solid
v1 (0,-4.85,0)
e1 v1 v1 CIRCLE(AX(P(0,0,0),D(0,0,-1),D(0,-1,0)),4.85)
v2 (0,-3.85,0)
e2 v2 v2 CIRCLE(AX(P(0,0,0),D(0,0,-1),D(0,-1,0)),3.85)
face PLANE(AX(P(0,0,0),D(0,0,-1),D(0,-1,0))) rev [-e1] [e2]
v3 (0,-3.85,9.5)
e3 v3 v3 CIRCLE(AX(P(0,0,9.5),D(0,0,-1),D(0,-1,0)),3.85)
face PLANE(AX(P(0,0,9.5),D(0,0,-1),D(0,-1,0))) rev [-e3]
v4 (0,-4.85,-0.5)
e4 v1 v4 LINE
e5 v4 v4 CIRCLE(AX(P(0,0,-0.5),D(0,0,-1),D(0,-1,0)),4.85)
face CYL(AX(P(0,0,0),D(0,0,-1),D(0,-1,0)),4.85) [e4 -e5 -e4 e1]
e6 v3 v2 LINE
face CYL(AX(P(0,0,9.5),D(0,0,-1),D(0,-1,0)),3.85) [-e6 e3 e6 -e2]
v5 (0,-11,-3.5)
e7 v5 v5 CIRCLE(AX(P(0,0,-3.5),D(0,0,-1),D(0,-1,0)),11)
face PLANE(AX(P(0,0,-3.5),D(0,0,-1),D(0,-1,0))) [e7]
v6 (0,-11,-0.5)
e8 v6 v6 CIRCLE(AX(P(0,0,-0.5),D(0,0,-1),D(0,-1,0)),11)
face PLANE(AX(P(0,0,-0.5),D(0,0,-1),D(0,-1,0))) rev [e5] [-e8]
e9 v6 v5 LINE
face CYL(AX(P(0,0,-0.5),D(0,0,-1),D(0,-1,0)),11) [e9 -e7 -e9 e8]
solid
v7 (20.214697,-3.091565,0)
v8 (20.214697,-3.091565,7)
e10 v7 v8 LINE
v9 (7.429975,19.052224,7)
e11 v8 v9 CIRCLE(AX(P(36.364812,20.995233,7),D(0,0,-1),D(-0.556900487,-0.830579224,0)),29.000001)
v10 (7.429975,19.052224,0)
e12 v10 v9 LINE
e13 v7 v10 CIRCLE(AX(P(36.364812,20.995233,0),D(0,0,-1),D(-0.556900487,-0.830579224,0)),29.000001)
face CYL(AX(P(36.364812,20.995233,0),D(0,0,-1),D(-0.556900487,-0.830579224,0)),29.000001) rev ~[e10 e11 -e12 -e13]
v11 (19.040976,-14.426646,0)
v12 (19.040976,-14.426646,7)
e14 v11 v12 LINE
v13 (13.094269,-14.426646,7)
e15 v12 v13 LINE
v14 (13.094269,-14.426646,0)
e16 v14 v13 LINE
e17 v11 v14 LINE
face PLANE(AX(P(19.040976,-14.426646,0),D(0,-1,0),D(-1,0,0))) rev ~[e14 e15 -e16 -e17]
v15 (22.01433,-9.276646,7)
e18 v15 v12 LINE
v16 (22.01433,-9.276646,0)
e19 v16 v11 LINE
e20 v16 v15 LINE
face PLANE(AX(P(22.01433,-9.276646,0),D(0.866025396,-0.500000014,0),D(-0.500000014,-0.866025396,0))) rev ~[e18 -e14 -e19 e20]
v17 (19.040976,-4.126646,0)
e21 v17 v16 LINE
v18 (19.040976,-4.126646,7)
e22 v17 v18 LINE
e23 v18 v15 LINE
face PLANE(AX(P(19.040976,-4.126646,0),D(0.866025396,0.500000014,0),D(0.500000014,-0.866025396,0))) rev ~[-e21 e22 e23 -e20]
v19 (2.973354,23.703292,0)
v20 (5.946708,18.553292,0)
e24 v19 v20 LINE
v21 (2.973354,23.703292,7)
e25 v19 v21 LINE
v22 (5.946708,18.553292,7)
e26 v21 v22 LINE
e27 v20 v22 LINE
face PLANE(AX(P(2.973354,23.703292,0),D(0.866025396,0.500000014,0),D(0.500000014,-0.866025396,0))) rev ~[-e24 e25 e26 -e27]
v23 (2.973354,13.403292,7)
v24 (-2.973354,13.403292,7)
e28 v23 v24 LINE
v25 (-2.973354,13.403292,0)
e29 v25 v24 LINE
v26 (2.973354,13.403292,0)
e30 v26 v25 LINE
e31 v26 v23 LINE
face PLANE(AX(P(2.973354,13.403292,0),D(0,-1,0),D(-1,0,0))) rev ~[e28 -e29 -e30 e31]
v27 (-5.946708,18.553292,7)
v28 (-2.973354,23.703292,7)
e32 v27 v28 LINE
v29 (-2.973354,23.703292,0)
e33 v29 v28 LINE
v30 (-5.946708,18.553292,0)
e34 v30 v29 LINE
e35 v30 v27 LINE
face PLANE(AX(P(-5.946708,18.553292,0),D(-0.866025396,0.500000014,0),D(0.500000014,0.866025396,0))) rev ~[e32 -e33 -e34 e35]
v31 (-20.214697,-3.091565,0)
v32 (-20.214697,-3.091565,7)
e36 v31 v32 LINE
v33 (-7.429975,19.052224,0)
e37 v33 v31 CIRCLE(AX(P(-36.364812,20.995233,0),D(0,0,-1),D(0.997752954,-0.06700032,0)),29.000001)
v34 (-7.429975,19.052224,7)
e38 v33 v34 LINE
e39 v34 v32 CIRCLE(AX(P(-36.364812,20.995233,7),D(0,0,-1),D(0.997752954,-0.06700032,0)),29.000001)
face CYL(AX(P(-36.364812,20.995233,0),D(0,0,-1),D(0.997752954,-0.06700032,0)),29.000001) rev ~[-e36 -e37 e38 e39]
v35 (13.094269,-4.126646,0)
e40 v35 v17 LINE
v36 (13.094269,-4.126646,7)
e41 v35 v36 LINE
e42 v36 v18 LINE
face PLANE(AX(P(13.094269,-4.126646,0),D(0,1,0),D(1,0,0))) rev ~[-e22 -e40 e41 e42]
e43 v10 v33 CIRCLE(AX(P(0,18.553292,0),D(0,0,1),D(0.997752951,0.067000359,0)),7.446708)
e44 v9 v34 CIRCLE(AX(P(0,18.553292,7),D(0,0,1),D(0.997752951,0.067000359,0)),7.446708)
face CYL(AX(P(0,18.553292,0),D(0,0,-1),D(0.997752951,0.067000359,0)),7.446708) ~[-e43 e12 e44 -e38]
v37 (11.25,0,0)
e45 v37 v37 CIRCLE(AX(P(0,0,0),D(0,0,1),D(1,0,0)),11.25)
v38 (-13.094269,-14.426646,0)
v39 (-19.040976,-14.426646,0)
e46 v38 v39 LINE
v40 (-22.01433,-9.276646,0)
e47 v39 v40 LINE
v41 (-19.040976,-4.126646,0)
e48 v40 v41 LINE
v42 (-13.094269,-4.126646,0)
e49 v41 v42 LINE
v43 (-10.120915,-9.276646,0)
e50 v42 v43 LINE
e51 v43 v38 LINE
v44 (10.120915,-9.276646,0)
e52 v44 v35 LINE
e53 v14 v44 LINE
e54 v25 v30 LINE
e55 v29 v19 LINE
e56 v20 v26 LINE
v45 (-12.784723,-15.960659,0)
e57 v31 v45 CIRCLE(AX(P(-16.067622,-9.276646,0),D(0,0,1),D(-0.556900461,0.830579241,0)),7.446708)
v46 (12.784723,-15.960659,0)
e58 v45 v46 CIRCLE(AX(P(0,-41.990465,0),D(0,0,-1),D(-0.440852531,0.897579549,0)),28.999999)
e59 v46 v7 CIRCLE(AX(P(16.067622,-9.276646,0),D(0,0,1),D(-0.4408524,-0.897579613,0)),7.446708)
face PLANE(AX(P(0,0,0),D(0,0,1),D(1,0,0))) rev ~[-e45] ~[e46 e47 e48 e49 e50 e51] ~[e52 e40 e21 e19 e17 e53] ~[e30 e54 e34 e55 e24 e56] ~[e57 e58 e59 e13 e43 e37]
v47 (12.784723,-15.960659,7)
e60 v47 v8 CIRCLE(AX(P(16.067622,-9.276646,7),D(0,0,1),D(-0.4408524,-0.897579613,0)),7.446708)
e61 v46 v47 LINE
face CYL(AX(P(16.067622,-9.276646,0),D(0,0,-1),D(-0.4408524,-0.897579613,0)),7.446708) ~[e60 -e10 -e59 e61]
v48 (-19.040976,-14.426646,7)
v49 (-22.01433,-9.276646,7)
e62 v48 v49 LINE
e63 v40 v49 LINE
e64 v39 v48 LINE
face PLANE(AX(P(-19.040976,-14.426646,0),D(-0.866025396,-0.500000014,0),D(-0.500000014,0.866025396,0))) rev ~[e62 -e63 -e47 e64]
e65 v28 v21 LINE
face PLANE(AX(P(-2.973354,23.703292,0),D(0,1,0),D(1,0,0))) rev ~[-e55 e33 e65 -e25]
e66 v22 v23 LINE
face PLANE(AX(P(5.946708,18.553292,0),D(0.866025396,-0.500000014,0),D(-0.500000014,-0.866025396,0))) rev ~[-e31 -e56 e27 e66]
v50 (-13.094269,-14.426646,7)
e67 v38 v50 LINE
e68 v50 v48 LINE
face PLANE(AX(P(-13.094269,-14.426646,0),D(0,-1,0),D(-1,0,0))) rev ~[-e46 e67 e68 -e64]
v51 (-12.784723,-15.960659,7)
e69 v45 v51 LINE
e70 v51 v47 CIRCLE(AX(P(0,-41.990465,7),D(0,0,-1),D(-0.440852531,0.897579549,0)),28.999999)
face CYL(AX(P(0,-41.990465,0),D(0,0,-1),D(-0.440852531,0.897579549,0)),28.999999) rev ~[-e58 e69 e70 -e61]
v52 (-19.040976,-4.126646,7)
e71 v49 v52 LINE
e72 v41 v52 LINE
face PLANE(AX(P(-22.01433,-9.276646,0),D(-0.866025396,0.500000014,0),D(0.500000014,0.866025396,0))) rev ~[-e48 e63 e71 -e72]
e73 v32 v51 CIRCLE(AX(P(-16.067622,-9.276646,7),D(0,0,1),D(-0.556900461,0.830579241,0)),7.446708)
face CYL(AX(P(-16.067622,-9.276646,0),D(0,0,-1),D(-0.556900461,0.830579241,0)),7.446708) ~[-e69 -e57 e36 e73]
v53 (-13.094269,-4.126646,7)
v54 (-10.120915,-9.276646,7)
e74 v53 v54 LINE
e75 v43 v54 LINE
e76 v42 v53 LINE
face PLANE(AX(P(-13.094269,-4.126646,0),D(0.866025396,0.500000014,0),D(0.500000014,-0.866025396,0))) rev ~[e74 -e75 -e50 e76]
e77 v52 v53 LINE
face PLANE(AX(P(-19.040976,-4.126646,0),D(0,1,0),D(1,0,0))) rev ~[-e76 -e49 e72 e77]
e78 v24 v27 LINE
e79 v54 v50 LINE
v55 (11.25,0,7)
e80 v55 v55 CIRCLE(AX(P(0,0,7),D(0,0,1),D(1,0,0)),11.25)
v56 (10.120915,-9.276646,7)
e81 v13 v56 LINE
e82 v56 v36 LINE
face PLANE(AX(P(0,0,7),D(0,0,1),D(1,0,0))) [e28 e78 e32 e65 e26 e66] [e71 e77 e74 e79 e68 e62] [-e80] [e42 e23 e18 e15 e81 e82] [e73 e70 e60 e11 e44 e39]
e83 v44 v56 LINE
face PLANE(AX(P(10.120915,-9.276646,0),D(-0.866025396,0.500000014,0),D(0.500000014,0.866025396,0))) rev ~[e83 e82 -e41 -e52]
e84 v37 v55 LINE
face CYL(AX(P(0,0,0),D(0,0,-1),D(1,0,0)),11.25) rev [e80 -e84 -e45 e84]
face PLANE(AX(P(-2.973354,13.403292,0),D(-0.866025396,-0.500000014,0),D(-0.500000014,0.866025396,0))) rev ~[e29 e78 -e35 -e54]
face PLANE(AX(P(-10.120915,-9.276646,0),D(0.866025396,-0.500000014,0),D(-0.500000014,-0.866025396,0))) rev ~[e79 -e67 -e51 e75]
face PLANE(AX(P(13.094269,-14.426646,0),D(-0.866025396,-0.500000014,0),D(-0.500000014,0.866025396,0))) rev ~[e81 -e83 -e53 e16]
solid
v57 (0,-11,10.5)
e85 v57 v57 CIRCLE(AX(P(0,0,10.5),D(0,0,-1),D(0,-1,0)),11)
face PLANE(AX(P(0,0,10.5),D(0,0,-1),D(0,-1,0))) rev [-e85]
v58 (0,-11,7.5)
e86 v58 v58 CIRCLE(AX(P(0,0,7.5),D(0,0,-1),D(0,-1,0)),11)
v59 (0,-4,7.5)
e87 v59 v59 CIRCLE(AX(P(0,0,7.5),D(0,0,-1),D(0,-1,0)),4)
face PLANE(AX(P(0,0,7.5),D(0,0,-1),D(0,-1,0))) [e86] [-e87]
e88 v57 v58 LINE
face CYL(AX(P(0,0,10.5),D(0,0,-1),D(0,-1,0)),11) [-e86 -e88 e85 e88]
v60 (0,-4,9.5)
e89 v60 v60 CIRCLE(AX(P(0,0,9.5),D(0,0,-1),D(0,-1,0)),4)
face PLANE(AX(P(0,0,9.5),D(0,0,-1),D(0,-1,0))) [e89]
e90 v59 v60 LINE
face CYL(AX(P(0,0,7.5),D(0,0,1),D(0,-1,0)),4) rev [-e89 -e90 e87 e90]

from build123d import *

# Parameters (mm, degrees)
F0_R     = 11.25
F1_DEPTH = 7


with BuildPart() as f1:
    # F0 (on Top) → F1 (new body)
    with BuildSketch(Plane.XY):
        with BuildLine():
            ThreePointArc((20.214697, -3.091565), (11.250074, 6.495233), (7.429975, 19.052224))
            ThreePointArc((7.429975, 19.052224), (0, 26), (-7.429975, 19.052224))
            ThreePointArc((-7.429975, 19.052224), (-11.250074, 6.495233), (-20.214697, -3.091565))
            ThreePointArc((-20.214697, -3.091565), (-22.51666, -13), (-12.784723, -15.960659))
            ThreePointArc((-12.784723, -15.960659), (0, -12.990466), (12.784723, -15.960659))
            ThreePointArc((12.784723, -15.960659), (22.51666, -13), (20.214697, -3.091565))
        make_face()
        Polygon((-13.094269, -14.426646), (-19.040976, -14.426646), (-22.01433, -9.276646), (-19.040976, -4.126646), (-13.094269, -4.126646), (-10.120915, -9.276646), align=None, mode=Mode.SUBTRACT)
        Polygon((19.040976, -4.126646), (22.01433, -9.276646), (19.040976, -14.426646), (13.094269, -14.426646), (10.120915, -9.276646), (13.094269, -4.126646), align=None, mode=Mode.SUBTRACT)
        Circle(F0_R, mode=Mode.SUBTRACT)
        Polygon((2.973354, 23.703292), (5.946708, 18.553292), (2.973354, 13.403292), (-2.973354, 13.403292), (-5.946708, 18.553292), (-2.973354, 23.703292), align=None, mode=Mode.SUBTRACT)
    extrude(amount=F1_DEPTH)


with BuildPart() as f3:
    # F2 (on Right) → F3 (revolve)
    with BuildSketch(Plane.YZ):
        Polygon((-3.85, 7.5), (-3.85, 7), (-3.85, 0), (-3.95, 0), (-4.85, 0), (-4.85, -0.5), (-11, -0.5), (-11, -3.5), (0, -3.5), (0, 9.5), (-3.85, 9.5), align=None)
    revolve(axis=Axis((0, 0, 3.649642), (0, 0, -1)))


with BuildPart() as f4:
    # F2 (on Right) → F4 (revolve)
    with BuildSketch(Plane.YZ):
        Polygon((-4, 9.5), (-3.85, 9.5), (0, 9.5), (0, 10.5), (-11, 10.5), (-11, 7.5), (-4, 7.5), align=None)
    revolve(axis=Axis((0, 0, 3.649642), (0, 0, -1)))


solid = Compound([f1.part, f3.part, f4.part])
